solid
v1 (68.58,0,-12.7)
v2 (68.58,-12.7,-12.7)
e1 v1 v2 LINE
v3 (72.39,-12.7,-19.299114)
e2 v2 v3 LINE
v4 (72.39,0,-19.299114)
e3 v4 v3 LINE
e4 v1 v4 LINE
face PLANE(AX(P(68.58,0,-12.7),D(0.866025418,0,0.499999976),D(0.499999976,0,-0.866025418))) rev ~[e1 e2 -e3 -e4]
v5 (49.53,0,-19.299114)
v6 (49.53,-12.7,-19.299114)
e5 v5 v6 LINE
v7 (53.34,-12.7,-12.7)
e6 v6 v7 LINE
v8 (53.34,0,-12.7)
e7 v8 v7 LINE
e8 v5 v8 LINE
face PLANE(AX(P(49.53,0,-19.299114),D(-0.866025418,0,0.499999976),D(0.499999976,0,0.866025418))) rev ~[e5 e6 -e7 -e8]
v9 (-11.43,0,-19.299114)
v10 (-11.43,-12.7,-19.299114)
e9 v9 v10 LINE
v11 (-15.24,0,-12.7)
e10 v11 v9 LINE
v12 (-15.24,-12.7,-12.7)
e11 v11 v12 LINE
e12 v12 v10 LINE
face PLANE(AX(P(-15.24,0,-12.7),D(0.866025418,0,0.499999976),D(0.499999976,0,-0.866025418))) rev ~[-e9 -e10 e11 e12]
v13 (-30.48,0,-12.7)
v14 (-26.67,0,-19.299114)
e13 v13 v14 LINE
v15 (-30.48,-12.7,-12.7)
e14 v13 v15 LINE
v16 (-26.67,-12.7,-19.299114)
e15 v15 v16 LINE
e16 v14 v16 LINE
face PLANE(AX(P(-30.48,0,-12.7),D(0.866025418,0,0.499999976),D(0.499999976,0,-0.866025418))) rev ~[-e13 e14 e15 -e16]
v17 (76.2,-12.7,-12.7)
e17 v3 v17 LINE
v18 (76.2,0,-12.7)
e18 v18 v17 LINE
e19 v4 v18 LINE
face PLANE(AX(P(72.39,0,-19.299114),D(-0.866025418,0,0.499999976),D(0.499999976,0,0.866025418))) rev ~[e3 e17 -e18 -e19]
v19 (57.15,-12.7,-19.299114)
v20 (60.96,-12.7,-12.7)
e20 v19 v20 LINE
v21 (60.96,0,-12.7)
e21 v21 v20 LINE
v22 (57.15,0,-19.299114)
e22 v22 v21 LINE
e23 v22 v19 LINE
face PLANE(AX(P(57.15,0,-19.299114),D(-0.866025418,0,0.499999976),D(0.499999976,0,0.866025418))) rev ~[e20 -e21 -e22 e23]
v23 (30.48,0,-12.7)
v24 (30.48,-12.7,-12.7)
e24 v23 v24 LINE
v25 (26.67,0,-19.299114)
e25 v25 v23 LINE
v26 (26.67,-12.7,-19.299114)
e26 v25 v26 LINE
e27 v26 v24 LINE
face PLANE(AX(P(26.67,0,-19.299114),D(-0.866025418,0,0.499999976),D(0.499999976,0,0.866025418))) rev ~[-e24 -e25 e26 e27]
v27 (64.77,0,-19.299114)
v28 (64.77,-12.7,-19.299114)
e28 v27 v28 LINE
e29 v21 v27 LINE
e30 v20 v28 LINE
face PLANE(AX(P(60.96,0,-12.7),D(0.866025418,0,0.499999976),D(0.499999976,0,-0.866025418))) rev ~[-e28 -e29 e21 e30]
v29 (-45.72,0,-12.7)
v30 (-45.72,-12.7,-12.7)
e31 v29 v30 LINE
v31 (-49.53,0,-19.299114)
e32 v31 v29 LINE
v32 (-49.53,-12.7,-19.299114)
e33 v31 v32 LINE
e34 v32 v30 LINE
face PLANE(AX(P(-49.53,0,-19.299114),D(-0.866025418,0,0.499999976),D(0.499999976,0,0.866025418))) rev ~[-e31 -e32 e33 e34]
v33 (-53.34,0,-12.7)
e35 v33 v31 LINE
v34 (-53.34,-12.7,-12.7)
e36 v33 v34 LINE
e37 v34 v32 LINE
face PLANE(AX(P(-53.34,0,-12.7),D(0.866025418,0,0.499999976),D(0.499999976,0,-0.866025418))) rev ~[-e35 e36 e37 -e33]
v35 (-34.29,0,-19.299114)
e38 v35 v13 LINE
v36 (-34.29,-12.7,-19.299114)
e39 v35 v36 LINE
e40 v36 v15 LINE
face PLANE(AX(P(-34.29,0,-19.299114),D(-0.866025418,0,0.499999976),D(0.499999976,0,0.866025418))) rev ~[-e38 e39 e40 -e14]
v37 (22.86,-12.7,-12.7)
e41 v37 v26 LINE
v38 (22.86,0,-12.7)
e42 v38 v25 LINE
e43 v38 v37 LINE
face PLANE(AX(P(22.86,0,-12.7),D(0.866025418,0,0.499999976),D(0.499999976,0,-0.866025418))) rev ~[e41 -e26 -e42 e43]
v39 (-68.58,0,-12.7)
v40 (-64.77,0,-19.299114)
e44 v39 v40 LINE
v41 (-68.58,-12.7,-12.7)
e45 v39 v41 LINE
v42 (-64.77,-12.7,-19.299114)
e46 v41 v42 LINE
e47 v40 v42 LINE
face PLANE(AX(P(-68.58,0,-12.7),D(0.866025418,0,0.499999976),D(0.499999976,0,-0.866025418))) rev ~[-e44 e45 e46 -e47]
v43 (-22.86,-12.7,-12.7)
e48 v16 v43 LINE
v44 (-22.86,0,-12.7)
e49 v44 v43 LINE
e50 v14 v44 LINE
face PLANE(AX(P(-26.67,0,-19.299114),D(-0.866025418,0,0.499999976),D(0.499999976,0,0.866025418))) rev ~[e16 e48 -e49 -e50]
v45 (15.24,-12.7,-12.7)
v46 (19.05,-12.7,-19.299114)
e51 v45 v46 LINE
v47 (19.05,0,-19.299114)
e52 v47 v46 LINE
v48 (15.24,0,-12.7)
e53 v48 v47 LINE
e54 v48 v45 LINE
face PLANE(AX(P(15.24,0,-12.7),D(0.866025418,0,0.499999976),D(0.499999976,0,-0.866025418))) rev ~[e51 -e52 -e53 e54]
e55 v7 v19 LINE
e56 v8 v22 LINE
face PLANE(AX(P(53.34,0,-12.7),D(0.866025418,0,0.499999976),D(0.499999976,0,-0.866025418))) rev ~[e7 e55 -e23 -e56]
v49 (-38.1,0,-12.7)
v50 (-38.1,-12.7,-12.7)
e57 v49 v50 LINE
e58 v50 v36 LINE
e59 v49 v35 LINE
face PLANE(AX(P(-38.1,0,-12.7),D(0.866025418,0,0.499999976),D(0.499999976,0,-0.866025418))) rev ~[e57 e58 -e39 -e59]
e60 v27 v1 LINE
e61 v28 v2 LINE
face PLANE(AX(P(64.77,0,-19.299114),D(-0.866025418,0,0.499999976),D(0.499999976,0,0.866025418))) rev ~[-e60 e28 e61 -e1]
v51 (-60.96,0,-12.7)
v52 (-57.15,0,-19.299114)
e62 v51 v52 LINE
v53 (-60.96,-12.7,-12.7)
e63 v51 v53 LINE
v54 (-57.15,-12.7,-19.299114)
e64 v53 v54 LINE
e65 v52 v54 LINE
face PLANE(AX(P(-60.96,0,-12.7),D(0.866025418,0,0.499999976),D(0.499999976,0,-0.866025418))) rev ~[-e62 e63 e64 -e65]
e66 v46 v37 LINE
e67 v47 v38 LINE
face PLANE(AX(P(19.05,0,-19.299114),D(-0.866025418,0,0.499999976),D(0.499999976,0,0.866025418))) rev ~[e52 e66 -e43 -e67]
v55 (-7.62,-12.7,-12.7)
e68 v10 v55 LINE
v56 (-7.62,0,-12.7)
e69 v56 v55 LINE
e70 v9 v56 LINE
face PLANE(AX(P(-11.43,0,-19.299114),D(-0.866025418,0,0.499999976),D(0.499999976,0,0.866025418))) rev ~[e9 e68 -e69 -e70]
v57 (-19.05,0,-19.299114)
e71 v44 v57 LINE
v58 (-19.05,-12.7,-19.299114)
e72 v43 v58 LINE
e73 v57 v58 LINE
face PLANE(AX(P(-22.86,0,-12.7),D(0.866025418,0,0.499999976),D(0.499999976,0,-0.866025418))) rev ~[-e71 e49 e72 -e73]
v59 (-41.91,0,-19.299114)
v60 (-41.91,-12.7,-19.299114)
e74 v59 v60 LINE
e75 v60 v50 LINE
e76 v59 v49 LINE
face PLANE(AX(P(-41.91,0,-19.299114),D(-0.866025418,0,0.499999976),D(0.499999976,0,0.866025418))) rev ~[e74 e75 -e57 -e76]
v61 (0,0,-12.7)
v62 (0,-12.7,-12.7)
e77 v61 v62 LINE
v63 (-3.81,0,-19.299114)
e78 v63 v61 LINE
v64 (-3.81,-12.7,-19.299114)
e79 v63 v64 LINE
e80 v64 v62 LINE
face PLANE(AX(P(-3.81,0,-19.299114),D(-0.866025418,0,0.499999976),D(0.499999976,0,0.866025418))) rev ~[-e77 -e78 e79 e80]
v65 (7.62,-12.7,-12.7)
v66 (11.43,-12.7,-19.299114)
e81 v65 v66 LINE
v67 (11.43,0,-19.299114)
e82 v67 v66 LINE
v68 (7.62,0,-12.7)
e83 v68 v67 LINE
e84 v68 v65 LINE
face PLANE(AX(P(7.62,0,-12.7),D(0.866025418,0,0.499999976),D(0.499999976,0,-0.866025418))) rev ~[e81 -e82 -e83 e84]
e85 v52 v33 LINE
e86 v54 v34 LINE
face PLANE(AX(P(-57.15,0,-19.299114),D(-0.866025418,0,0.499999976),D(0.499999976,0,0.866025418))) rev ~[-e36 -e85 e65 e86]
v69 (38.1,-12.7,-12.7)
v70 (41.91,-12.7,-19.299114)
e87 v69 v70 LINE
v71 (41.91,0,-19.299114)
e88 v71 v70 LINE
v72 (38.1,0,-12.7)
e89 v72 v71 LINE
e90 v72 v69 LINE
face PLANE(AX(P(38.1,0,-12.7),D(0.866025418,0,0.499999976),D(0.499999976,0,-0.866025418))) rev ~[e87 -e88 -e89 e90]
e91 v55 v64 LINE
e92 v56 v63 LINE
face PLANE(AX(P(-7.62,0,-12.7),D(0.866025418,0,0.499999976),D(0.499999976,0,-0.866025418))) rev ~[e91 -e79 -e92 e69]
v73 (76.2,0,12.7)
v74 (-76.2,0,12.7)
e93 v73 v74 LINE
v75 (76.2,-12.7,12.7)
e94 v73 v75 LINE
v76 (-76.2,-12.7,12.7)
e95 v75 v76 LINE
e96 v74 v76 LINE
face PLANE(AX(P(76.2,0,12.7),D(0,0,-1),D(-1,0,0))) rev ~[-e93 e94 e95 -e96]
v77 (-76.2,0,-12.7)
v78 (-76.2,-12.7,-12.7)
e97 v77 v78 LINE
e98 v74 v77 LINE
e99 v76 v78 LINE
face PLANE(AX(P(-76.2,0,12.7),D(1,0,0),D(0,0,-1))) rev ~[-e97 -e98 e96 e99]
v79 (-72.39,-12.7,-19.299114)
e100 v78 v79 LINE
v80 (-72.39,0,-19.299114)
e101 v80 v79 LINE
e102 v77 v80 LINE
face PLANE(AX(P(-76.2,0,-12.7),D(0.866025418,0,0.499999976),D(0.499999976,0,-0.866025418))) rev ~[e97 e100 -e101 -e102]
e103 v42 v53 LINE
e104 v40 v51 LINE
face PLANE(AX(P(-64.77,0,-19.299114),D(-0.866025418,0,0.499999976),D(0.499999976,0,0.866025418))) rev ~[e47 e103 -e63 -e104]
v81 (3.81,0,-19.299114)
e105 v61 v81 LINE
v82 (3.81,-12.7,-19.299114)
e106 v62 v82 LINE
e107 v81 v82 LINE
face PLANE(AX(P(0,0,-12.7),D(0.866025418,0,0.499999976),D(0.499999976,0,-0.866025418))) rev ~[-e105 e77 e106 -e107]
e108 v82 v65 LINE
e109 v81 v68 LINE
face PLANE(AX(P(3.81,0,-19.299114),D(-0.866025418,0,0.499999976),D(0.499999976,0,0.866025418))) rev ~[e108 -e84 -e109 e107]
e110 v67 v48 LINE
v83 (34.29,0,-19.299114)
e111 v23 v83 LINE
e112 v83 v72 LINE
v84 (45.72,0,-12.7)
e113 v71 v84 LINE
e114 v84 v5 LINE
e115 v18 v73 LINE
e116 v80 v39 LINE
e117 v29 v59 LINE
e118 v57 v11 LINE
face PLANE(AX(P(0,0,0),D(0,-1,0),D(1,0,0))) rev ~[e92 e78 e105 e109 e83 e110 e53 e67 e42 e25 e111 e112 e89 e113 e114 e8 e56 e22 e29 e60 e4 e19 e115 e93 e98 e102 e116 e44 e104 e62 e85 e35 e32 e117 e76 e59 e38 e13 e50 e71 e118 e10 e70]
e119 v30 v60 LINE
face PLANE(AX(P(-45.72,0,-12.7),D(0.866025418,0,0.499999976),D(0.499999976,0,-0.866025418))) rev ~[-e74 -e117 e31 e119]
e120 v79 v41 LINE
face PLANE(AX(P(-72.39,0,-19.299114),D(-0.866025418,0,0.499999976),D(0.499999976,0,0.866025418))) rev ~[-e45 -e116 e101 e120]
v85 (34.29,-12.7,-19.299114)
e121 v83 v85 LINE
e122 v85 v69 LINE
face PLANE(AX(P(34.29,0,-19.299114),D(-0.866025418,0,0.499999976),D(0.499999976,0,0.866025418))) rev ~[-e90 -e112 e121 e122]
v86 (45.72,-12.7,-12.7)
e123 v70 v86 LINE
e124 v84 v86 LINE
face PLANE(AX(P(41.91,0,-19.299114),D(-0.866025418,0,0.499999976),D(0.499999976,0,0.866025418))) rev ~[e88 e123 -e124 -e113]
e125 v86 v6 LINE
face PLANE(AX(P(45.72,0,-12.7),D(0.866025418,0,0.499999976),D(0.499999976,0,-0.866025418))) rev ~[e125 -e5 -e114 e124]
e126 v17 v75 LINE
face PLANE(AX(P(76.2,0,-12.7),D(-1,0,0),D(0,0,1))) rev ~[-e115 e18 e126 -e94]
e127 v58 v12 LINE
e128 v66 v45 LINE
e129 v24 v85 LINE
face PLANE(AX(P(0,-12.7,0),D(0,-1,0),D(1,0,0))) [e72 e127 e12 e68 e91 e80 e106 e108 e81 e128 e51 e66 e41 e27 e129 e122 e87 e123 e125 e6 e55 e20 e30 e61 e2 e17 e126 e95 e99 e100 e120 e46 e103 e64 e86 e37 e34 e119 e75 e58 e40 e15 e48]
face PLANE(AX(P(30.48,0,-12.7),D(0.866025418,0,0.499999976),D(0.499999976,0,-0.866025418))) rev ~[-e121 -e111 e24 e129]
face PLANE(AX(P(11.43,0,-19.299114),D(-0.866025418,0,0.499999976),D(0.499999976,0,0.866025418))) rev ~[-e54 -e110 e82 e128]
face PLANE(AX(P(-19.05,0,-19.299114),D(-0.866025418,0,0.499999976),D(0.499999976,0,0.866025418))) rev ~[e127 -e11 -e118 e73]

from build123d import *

# Parameters (mm, degrees)
F1_DEPTH = 12.7


with BuildPart() as f1:
    # F0 (on Front) → F1 (new body)
    with BuildSketch(Plane.XZ):
        Polygon((76.2, -12.7), (76.2, 12.7), (-76.2, 12.7), (-76.2, -12.7), (-68.58, -12.7), (-60.96, -12.7), (-53.34, -12.7), (-45.72, -12.7), (-38.1, -12.7), (-30.48, -12.7), (-22.86, -12.7), (-15.24, -12.7), (-7.62, -12.7), (0, -12.7), (7.62, -12.7), (15.24, -12.7), (22.86, -12.7), (30.48, -12.7), (38.1, -12.7), (45.72, -12.7), (53.34, -12.7), (60.96, -12.7), (68.58, -12.7), align=None)
        Polygon((72.39, -19.299114), (76.2, -12.7), (68.58, -12.7), align=None)
        Polygon((-68.58, -12.7), (-76.2, -12.7), (-72.39, -19.299114), align=None)
        Polygon((64.77, -19.299114), (68.58, -12.7), (60.96, -12.7), align=None)
        Polygon((-60.96, -12.7), (-68.58, -12.7), (-64.77, -19.299114), align=None)
        Polygon((57.15, -19.299114), (60.96, -12.7), (53.34, -12.7), align=None)
        Polygon((-53.34, -12.7), (-60.96, -12.7), (-57.15, -19.299114), align=None)
        Polygon((49.53, -19.299114), (53.34, -12.7), (45.72, -12.7), align=None)
        Polygon((-45.72, -12.7), (-53.34, -12.7), (-49.53, -19.299114), align=None)
        Polygon((41.91, -19.299114), (45.72, -12.7), (38.1, -12.7), align=None)
        Polygon((-38.1, -12.7), (-45.72, -12.7), (-41.91, -19.299114), align=None)
        Polygon((34.29, -19.299114), (38.1, -12.7), (30.48, -12.7), align=None)
        Polygon((-30.48, -12.7), (-38.1, -12.7), (-34.29, -19.299114), align=None)
        Polygon((26.67, -19.299114), (30.48, -12.7), (22.86, -12.7), align=None)
        Polygon((-22.86, -12.7), (-30.48, -12.7), (-26.67, -19.299114), align=None)
        Polygon((19.05, -19.299114), (22.86, -12.7), (15.24, -12.7), align=None)
        Polygon((-15.24, -12.7), (-22.86, -12.7), (-19.05, -19.299114), align=None)
        Polygon((11.43, -19.299114), (15.24, -12.7), (7.62, -12.7), align=None)
        Polygon((-7.62, -12.7), (-15.24, -12.7), (-11.43, -19.299114), align=None)
        Polygon((3.81, -19.299114), (7.62, -12.7), (0, -12.7), align=None)
        Polygon((0, -12.7), (-7.62, -12.7), (-3.81, -19.299114), align=None)
    extrude(amount=F1_DEPTH)


solid = f1.part
